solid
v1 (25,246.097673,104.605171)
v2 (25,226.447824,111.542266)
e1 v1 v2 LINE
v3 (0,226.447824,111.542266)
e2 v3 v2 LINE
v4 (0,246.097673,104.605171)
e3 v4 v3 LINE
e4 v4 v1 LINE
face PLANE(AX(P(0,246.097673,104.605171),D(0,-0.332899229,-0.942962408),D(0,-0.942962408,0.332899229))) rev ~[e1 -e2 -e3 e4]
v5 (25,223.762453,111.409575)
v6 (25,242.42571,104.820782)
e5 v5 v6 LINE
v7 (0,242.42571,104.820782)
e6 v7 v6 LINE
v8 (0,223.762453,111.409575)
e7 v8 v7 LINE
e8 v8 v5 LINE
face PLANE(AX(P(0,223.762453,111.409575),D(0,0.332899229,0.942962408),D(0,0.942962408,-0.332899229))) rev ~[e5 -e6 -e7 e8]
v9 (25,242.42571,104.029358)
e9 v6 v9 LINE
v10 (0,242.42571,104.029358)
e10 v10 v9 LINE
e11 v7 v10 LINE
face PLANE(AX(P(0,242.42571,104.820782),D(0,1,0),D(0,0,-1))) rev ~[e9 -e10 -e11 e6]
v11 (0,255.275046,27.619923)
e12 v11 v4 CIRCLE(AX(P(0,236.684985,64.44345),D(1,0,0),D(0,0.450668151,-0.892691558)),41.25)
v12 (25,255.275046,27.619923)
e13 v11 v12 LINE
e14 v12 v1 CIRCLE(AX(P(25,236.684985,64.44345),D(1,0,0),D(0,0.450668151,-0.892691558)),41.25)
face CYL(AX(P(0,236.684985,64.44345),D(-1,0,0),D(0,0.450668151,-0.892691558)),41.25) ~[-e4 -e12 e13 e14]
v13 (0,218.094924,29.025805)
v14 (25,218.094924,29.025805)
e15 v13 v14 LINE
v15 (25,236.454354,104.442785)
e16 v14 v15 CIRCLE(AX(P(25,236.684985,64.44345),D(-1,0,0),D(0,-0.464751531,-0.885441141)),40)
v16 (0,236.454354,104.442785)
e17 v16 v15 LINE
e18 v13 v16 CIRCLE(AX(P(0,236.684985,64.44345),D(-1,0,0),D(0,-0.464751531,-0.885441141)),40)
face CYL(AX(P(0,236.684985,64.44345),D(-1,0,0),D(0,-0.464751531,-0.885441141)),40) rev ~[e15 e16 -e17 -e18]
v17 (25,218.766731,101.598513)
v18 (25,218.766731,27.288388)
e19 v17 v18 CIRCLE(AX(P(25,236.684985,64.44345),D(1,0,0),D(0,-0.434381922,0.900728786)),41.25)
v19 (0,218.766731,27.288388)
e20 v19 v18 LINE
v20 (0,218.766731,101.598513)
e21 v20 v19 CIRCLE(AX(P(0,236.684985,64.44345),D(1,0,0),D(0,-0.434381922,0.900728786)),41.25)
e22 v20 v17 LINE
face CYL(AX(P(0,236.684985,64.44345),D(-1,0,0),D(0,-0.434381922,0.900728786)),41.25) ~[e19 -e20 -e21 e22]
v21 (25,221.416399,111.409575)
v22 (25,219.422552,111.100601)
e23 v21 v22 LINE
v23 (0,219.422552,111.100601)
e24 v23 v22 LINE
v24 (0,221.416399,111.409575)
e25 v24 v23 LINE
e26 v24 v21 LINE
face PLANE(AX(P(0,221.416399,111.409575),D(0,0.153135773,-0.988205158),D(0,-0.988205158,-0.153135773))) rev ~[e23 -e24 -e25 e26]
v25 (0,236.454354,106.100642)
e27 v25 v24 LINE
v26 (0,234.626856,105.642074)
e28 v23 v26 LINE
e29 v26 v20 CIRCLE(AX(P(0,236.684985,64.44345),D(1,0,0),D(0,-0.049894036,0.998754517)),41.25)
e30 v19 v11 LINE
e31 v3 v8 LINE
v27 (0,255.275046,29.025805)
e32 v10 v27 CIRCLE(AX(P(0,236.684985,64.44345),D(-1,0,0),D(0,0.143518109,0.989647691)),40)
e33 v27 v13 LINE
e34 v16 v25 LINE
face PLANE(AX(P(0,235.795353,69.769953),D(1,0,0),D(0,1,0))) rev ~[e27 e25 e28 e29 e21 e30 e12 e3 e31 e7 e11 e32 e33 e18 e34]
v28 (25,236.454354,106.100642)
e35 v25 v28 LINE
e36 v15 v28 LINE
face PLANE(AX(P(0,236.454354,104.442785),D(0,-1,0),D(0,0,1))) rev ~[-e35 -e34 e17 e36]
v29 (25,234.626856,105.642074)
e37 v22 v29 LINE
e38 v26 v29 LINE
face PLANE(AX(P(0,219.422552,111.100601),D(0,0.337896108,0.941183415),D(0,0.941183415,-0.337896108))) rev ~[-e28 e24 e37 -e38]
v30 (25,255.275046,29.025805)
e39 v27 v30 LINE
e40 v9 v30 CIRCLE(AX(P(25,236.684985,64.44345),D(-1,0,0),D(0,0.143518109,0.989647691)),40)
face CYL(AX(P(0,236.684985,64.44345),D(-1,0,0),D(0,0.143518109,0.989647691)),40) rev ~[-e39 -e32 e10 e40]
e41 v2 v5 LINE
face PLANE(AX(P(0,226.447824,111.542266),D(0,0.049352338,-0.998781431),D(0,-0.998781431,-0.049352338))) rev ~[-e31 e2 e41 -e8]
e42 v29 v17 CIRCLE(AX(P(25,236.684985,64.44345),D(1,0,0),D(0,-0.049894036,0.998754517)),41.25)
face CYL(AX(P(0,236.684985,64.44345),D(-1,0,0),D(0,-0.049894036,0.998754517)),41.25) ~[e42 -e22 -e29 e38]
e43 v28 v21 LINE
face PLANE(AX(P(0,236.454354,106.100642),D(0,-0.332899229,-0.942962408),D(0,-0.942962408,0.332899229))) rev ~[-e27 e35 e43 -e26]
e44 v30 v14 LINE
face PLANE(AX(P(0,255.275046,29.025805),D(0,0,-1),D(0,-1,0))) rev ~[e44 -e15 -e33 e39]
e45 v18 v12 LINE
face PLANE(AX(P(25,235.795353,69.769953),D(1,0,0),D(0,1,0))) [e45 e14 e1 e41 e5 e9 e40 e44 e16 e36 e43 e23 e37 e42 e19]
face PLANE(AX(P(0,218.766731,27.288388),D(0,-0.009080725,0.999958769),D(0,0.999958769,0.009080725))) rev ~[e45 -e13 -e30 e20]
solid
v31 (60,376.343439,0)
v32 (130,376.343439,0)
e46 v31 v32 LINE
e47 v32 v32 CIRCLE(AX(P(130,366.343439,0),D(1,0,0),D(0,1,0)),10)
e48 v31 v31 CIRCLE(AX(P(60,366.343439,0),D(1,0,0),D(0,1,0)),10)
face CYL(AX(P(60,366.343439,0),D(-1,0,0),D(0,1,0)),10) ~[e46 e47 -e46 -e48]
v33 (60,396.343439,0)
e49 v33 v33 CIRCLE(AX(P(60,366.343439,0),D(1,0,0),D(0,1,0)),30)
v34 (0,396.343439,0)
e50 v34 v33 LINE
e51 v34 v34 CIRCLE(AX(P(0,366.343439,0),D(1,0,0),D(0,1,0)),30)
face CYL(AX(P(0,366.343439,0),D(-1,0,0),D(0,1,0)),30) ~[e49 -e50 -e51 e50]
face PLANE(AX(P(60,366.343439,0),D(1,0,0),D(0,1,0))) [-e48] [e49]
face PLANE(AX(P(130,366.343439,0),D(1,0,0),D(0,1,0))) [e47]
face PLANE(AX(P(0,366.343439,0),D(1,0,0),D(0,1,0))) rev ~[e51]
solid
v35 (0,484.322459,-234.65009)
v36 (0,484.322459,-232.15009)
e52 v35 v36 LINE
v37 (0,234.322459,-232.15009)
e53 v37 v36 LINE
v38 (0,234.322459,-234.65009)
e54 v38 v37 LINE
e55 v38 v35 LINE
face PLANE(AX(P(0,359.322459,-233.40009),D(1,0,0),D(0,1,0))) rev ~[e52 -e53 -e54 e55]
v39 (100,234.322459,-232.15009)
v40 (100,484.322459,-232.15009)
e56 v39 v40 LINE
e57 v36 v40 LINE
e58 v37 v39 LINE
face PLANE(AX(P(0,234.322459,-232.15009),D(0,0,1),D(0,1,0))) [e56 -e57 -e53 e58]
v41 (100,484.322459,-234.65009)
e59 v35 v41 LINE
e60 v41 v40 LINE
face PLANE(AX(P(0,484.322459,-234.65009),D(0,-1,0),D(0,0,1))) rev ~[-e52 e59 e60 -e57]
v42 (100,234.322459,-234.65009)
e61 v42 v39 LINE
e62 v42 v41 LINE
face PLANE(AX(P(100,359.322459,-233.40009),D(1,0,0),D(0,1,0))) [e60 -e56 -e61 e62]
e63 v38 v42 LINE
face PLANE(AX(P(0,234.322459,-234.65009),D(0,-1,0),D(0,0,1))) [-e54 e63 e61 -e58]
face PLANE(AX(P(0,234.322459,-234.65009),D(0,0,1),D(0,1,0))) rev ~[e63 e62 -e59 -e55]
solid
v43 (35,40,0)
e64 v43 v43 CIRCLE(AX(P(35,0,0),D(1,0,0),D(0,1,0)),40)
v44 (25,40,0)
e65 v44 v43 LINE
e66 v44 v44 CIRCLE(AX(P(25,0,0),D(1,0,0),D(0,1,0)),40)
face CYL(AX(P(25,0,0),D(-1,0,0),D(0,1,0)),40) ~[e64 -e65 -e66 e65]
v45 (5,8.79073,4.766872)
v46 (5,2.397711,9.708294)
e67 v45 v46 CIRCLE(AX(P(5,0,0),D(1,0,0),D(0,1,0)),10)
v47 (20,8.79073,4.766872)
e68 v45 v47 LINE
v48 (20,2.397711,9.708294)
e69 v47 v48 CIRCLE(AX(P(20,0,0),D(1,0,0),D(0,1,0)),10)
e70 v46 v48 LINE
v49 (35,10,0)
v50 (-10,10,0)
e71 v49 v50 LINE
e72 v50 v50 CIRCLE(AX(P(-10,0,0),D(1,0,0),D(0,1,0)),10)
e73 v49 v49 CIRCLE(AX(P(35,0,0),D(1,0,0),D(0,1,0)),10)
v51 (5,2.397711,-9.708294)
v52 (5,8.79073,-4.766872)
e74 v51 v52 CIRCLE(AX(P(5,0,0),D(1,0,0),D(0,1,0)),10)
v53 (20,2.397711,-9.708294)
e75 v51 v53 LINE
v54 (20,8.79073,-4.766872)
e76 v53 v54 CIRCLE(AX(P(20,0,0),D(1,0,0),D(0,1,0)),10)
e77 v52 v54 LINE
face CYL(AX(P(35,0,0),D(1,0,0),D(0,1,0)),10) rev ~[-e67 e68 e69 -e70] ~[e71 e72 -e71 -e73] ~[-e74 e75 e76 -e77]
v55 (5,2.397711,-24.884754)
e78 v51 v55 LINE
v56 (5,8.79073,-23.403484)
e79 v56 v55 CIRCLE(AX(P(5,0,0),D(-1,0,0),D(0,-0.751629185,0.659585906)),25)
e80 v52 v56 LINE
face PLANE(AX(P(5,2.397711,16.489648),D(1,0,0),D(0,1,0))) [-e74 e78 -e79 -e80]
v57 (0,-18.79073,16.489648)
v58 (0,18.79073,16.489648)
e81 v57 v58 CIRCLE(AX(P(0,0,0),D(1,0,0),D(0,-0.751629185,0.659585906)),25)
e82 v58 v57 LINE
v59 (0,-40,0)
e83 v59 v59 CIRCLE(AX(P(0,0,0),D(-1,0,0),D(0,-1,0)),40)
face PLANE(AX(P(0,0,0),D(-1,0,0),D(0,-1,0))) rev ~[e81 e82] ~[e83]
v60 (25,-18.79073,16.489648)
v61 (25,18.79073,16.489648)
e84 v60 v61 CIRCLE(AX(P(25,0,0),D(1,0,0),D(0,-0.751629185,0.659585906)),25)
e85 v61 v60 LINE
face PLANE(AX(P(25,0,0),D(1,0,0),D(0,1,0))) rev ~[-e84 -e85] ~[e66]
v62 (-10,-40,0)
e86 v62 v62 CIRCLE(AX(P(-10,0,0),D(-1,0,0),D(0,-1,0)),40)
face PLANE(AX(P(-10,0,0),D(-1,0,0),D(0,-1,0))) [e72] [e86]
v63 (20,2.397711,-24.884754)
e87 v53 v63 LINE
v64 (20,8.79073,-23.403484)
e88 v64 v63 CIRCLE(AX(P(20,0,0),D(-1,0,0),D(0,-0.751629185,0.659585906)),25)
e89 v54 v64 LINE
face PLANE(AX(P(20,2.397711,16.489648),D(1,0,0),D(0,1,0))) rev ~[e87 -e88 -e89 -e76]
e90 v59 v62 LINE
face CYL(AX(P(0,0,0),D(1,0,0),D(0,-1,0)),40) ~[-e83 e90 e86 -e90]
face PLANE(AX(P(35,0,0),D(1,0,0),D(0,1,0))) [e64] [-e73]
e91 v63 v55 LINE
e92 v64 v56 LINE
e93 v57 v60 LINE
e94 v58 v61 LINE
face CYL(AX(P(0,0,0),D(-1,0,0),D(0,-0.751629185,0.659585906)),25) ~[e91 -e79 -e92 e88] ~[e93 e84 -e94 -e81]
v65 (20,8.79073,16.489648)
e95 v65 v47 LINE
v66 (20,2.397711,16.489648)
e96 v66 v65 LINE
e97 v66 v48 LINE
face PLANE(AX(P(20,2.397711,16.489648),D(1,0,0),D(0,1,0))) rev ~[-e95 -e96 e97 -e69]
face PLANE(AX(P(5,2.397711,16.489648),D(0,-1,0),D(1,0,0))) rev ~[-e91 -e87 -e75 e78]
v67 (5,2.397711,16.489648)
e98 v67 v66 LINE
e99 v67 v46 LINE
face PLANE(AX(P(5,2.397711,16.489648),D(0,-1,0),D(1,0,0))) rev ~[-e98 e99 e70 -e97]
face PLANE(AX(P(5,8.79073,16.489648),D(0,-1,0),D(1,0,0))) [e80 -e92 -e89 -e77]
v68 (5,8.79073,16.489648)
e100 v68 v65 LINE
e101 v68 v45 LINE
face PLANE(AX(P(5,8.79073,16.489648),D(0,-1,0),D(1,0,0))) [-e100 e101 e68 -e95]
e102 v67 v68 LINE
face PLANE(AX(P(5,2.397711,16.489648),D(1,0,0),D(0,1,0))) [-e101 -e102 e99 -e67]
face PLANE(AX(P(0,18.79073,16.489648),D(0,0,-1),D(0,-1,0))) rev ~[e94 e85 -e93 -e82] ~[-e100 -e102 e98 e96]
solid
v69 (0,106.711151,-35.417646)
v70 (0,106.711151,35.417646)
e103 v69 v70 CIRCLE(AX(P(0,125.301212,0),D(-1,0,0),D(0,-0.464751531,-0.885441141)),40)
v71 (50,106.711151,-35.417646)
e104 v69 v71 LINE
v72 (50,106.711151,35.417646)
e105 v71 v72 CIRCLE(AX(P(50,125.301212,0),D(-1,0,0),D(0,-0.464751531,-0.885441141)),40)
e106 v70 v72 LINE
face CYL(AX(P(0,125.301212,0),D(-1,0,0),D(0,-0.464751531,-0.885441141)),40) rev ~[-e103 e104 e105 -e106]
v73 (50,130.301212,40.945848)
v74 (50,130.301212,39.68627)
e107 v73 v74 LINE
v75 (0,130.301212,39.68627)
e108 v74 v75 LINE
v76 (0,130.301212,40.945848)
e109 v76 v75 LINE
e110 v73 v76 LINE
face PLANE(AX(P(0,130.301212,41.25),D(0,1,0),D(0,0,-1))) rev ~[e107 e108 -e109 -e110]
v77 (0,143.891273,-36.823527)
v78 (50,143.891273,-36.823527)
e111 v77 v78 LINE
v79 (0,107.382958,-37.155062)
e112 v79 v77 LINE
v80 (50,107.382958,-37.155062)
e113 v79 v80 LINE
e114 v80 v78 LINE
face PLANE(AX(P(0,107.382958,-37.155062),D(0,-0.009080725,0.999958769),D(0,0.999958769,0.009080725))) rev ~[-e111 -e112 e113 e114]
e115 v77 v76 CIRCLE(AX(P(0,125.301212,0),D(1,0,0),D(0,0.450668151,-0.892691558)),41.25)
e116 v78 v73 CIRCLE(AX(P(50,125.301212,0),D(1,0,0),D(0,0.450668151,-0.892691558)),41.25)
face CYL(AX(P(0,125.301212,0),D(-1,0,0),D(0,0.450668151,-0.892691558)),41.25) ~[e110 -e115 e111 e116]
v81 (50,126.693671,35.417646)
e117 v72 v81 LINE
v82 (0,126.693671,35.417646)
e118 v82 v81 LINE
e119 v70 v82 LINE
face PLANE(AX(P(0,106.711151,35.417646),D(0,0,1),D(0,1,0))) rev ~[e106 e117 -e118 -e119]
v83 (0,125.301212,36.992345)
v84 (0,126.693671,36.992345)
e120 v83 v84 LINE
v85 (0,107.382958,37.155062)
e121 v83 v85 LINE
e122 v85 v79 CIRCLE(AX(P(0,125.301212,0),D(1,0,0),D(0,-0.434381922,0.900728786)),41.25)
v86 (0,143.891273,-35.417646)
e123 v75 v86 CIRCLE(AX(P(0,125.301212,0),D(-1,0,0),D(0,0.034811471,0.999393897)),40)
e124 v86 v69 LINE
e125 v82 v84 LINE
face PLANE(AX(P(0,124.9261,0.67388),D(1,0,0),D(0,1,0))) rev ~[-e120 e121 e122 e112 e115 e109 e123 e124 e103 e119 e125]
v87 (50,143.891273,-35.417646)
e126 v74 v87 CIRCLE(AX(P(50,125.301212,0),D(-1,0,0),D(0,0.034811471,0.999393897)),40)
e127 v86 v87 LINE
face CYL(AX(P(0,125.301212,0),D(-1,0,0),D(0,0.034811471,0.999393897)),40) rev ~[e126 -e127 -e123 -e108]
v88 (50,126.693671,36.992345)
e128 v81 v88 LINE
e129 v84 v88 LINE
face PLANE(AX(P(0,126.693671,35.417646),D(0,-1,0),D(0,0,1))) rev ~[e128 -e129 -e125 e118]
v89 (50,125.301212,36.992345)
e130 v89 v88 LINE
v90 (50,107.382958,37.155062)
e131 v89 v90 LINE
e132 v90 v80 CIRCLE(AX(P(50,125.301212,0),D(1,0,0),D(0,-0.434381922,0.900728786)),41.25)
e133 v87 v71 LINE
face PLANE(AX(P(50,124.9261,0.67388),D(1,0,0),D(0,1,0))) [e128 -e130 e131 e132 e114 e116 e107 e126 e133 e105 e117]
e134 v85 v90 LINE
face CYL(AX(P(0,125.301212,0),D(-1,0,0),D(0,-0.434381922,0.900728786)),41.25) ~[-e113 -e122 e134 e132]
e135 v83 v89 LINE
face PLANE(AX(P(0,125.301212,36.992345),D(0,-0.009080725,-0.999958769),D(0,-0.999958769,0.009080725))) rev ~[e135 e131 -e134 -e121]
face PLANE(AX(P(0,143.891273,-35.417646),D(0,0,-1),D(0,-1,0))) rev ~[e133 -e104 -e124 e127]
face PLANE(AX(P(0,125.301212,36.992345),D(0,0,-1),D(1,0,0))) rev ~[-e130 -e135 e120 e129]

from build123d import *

# Parameters (mm, degrees)
F1_DEPTH  = 25
F2_R      = 40
F3_DEPTH  = 10
F4_R      = 40
F5_DEPTH  = 10
F6_W      = 15
F6_H      = 6.3930185955
F7_DEPTH  = 41.375401655
F8_DEPTH  = 50
F9_R      = 10
F10_DEPTH = 45
F0_R      = 30
F11_DEPTH = 60
F12_R     = 10
F13_DEPTH = 70
F0_W      = 250
F0_H      = 2.5
F14_DEPTH = 100
F15_DEPTH = 5
F16_DEPTH = 25


with BuildPart() as f1:
    # F0 (on Right) → F1 (new body)
    with BuildSketch(Plane.YZ):
        with BuildLine():
            Line((18.7907296371, 16.4896476526), (-18.7907296371, 16.4896476526))
            ThreePointArc((-18.7907296371, 16.4896476526), (0, -25), (18.7907296371, 16.4896476526))
        make_face()
    extrude(amount=F1_DEPTH)

    # F2 (on face) → F3 (join)
    with BuildSketch(Plane.YZ.offset(25)):
        Circle(F2_R)
        with BuildLine():
            Line((-18.7907296371, 16.4896476526), (18.7907296371, 16.4896476526))
            ThreePointArc((18.7907296371, 16.4896476526), (0, -25), (-18.7907296371, 16.4896476526))
        make_face(mode=Mode.SUBTRACT)
        with BuildLine():
            ThreePointArc((-18.7907296371, 16.4896476526), (0, -25), (18.7907296371, 16.4896476526))
            Line((18.7907296371, 16.4896476526), (-18.7907296371, 16.4896476526))
        make_face()
    extrude(amount=F3_DEPTH)

    # F4 (on face) → F5 (join)
    with BuildSketch(Plane(origin=(0, 0, 0), x_dir=(0, -1, 0), z_dir=(-1, 0, 0))):
        Circle(F4_R)
        with BuildLine():
            Line((-18.7907296371, 16.4896476526), (18.7907296371, 16.4896476526))
            ThreePointArc((18.7907296371, 16.4896476526), (0, -25), (-18.7907296371, 16.4896476526))
        make_face(mode=Mode.SUBTRACT)
        with BuildLine():
            ThreePointArc((-18.7907296371, 16.4896476526), (0, -25), (18.7907296371, 16.4896476526))
            Line((18.7907296371, 16.4896476526), (-18.7907296371, 16.4896476526))
        make_face()
    extrude(amount=F5_DEPTH)

    # F6 (on face) → F7 (cut, through all)
    with BuildSketch(Plane.XY.offset(16.4896476526)):
        with Locations((12.5, 5.5942203393)):
            Rectangle(F6_W, F6_H)
    extrude(amount=-F7_DEPTH, mode=Mode.SUBTRACT)

    # F9 (on face) → F10 (cut, through all)
    with BuildSketch(Plane.YZ.offset(35)):
        Circle(F9_R)
    extrude(amount=-F10_DEPTH, mode=Mode.SUBTRACT)


with BuildPart() as f8:
    # F0 (on Right) → F8 (new body)
    with BuildSketch(Plane.YZ):
        with BuildLine():
            Line((125.3012120724, 36.9923449587), (107.3829577751, 37.1550624133))
            ThreePointArc((107.3829577751, 37.1550624133), (84.0512120724, 0), (107.3829577751, -37.1550624133))
            Line((107.3829577751, -37.1550624133), (143.8912733171, -36.8235267583))
            ThreePointArc((143.8912733171, -36.8235267583), (165.4293379866, 9.5548945892), (125.3012120724, 41.25))
            Line((125.3012120724, 41.25), (125.3012120724, 36.9923449587))
        make_face()
        with BuildLine():
            ThreePointArc((106.7111508276, -35.4176456433), (85.3012120724, 0), (106.7111508276, 35.4176456433))
            Line((106.7111508276, 35.4176456433), (126.6936709107, 35.4176456433))
            Line((126.6936709107, 35.4176456433), (126.6936709107, 39.9757558826))
            ThreePointArc((126.6936709107, 39.9757558826), (164.2995008249, 8.8956997685), (143.8912733171, -35.4176456433))
            Line((143.8912733171, -35.4176456433), (106.7111508276, -35.4176456433))
        make_face(mode=Mode.SUBTRACT)
    extrude(amount=F8_DEPTH)

    # F15 (cut): a face of the model
    f15_faces = [f8.faces().sort_by_distance(p)[0] for p in [
        (25, 125.3012120724, 39.1211724794),
    ]]
    extrude(f15_faces, amount=-F15_DEPTH, mode=Mode.SUBTRACT)


with BuildPart() as f11:
    # F0 (on Right) → F11 (new body)
    with BuildSketch(Plane.YZ):
        with Locations((366.3434386253, 0)):
            Circle(F0_R)
    extrude(amount=F11_DEPTH)

    # F12 (on face) → F13 (join)
    with BuildSketch(Plane.YZ.offset(60)):
        with Locations((366.3434386253, 0)):
            Circle(F12_R)
    extrude(amount=F13_DEPTH)


with BuildPart() as f14:
    # F0 (on Right) → F14 (new body)
    with BuildSketch(Plane.YZ):
        with Locations((359.3224585056, -233.4000903368)):
            Rectangle(F0_W, F0_H)
    extrude(amount=F14_DEPTH)


with BuildPart() as f16:
    # F0 (on Right) → F16 (new body)
    with BuildSketch(Plane.YZ):
        with BuildLine():
            ThreePointArc((234.6268562596, 105.6420740218), (226.4942262259, 104.4148265861), (218.7667309573, 101.5985126105))
            ThreePointArc((218.7667309573, 101.5985126105), (195.4349852545, 64.4434501972), (218.7667309573, 27.2883877839))
            Line((218.7667309573, 27.2883877839), (255.2750464993, 27.6199234389))
            ThreePointArc((255.2750464993, 27.6199234389), (277.6449726535, 69.3262703123), (246.0976726998, 104.6051709653))
            Line((246.0976726998, 104.6051709653), (226.4478235442, 111.5422657757))
            Line((226.4478235442, 111.5422657757), (223.7624526024, 111.4095747471))
            Line((223.7624526024, 111.4095747471), (242.4257096136, 104.8207820123))
            Line((242.4257096136, 104.8207820123), (242.4257096136, 104.0293578391))
            ThreePointArc((242.4257096136, 104.0293578391), (276.1106118618, 71.1977056427), (255.2750464993, 29.0258045539))
            Line((255.2750464993, 29.0258045539), (218.0949240098, 29.0258045539))
            ThreePointArc((218.0949240098, 29.0258045539), (197.8200284979, 73.904694106), (236.4543539259, 104.4427853066))
            Line((236.4543539259, 104.4427853066), (236.4543539259, 106.1006423954))
            Line((236.4543539259, 106.1006423954), (221.4163988829, 111.4095747471))
            Line((221.4163988829, 111.4095747471), (219.422552045, 111.1006011765))
            Line((219.422552045, 111.1006011765), (234.6268562596, 105.6420740218))
        make_face()
    extrude(amount=F16_DEPTH)


solid = Compound([f1.part, f8.part, f11.part, f14.part, f16.part])
